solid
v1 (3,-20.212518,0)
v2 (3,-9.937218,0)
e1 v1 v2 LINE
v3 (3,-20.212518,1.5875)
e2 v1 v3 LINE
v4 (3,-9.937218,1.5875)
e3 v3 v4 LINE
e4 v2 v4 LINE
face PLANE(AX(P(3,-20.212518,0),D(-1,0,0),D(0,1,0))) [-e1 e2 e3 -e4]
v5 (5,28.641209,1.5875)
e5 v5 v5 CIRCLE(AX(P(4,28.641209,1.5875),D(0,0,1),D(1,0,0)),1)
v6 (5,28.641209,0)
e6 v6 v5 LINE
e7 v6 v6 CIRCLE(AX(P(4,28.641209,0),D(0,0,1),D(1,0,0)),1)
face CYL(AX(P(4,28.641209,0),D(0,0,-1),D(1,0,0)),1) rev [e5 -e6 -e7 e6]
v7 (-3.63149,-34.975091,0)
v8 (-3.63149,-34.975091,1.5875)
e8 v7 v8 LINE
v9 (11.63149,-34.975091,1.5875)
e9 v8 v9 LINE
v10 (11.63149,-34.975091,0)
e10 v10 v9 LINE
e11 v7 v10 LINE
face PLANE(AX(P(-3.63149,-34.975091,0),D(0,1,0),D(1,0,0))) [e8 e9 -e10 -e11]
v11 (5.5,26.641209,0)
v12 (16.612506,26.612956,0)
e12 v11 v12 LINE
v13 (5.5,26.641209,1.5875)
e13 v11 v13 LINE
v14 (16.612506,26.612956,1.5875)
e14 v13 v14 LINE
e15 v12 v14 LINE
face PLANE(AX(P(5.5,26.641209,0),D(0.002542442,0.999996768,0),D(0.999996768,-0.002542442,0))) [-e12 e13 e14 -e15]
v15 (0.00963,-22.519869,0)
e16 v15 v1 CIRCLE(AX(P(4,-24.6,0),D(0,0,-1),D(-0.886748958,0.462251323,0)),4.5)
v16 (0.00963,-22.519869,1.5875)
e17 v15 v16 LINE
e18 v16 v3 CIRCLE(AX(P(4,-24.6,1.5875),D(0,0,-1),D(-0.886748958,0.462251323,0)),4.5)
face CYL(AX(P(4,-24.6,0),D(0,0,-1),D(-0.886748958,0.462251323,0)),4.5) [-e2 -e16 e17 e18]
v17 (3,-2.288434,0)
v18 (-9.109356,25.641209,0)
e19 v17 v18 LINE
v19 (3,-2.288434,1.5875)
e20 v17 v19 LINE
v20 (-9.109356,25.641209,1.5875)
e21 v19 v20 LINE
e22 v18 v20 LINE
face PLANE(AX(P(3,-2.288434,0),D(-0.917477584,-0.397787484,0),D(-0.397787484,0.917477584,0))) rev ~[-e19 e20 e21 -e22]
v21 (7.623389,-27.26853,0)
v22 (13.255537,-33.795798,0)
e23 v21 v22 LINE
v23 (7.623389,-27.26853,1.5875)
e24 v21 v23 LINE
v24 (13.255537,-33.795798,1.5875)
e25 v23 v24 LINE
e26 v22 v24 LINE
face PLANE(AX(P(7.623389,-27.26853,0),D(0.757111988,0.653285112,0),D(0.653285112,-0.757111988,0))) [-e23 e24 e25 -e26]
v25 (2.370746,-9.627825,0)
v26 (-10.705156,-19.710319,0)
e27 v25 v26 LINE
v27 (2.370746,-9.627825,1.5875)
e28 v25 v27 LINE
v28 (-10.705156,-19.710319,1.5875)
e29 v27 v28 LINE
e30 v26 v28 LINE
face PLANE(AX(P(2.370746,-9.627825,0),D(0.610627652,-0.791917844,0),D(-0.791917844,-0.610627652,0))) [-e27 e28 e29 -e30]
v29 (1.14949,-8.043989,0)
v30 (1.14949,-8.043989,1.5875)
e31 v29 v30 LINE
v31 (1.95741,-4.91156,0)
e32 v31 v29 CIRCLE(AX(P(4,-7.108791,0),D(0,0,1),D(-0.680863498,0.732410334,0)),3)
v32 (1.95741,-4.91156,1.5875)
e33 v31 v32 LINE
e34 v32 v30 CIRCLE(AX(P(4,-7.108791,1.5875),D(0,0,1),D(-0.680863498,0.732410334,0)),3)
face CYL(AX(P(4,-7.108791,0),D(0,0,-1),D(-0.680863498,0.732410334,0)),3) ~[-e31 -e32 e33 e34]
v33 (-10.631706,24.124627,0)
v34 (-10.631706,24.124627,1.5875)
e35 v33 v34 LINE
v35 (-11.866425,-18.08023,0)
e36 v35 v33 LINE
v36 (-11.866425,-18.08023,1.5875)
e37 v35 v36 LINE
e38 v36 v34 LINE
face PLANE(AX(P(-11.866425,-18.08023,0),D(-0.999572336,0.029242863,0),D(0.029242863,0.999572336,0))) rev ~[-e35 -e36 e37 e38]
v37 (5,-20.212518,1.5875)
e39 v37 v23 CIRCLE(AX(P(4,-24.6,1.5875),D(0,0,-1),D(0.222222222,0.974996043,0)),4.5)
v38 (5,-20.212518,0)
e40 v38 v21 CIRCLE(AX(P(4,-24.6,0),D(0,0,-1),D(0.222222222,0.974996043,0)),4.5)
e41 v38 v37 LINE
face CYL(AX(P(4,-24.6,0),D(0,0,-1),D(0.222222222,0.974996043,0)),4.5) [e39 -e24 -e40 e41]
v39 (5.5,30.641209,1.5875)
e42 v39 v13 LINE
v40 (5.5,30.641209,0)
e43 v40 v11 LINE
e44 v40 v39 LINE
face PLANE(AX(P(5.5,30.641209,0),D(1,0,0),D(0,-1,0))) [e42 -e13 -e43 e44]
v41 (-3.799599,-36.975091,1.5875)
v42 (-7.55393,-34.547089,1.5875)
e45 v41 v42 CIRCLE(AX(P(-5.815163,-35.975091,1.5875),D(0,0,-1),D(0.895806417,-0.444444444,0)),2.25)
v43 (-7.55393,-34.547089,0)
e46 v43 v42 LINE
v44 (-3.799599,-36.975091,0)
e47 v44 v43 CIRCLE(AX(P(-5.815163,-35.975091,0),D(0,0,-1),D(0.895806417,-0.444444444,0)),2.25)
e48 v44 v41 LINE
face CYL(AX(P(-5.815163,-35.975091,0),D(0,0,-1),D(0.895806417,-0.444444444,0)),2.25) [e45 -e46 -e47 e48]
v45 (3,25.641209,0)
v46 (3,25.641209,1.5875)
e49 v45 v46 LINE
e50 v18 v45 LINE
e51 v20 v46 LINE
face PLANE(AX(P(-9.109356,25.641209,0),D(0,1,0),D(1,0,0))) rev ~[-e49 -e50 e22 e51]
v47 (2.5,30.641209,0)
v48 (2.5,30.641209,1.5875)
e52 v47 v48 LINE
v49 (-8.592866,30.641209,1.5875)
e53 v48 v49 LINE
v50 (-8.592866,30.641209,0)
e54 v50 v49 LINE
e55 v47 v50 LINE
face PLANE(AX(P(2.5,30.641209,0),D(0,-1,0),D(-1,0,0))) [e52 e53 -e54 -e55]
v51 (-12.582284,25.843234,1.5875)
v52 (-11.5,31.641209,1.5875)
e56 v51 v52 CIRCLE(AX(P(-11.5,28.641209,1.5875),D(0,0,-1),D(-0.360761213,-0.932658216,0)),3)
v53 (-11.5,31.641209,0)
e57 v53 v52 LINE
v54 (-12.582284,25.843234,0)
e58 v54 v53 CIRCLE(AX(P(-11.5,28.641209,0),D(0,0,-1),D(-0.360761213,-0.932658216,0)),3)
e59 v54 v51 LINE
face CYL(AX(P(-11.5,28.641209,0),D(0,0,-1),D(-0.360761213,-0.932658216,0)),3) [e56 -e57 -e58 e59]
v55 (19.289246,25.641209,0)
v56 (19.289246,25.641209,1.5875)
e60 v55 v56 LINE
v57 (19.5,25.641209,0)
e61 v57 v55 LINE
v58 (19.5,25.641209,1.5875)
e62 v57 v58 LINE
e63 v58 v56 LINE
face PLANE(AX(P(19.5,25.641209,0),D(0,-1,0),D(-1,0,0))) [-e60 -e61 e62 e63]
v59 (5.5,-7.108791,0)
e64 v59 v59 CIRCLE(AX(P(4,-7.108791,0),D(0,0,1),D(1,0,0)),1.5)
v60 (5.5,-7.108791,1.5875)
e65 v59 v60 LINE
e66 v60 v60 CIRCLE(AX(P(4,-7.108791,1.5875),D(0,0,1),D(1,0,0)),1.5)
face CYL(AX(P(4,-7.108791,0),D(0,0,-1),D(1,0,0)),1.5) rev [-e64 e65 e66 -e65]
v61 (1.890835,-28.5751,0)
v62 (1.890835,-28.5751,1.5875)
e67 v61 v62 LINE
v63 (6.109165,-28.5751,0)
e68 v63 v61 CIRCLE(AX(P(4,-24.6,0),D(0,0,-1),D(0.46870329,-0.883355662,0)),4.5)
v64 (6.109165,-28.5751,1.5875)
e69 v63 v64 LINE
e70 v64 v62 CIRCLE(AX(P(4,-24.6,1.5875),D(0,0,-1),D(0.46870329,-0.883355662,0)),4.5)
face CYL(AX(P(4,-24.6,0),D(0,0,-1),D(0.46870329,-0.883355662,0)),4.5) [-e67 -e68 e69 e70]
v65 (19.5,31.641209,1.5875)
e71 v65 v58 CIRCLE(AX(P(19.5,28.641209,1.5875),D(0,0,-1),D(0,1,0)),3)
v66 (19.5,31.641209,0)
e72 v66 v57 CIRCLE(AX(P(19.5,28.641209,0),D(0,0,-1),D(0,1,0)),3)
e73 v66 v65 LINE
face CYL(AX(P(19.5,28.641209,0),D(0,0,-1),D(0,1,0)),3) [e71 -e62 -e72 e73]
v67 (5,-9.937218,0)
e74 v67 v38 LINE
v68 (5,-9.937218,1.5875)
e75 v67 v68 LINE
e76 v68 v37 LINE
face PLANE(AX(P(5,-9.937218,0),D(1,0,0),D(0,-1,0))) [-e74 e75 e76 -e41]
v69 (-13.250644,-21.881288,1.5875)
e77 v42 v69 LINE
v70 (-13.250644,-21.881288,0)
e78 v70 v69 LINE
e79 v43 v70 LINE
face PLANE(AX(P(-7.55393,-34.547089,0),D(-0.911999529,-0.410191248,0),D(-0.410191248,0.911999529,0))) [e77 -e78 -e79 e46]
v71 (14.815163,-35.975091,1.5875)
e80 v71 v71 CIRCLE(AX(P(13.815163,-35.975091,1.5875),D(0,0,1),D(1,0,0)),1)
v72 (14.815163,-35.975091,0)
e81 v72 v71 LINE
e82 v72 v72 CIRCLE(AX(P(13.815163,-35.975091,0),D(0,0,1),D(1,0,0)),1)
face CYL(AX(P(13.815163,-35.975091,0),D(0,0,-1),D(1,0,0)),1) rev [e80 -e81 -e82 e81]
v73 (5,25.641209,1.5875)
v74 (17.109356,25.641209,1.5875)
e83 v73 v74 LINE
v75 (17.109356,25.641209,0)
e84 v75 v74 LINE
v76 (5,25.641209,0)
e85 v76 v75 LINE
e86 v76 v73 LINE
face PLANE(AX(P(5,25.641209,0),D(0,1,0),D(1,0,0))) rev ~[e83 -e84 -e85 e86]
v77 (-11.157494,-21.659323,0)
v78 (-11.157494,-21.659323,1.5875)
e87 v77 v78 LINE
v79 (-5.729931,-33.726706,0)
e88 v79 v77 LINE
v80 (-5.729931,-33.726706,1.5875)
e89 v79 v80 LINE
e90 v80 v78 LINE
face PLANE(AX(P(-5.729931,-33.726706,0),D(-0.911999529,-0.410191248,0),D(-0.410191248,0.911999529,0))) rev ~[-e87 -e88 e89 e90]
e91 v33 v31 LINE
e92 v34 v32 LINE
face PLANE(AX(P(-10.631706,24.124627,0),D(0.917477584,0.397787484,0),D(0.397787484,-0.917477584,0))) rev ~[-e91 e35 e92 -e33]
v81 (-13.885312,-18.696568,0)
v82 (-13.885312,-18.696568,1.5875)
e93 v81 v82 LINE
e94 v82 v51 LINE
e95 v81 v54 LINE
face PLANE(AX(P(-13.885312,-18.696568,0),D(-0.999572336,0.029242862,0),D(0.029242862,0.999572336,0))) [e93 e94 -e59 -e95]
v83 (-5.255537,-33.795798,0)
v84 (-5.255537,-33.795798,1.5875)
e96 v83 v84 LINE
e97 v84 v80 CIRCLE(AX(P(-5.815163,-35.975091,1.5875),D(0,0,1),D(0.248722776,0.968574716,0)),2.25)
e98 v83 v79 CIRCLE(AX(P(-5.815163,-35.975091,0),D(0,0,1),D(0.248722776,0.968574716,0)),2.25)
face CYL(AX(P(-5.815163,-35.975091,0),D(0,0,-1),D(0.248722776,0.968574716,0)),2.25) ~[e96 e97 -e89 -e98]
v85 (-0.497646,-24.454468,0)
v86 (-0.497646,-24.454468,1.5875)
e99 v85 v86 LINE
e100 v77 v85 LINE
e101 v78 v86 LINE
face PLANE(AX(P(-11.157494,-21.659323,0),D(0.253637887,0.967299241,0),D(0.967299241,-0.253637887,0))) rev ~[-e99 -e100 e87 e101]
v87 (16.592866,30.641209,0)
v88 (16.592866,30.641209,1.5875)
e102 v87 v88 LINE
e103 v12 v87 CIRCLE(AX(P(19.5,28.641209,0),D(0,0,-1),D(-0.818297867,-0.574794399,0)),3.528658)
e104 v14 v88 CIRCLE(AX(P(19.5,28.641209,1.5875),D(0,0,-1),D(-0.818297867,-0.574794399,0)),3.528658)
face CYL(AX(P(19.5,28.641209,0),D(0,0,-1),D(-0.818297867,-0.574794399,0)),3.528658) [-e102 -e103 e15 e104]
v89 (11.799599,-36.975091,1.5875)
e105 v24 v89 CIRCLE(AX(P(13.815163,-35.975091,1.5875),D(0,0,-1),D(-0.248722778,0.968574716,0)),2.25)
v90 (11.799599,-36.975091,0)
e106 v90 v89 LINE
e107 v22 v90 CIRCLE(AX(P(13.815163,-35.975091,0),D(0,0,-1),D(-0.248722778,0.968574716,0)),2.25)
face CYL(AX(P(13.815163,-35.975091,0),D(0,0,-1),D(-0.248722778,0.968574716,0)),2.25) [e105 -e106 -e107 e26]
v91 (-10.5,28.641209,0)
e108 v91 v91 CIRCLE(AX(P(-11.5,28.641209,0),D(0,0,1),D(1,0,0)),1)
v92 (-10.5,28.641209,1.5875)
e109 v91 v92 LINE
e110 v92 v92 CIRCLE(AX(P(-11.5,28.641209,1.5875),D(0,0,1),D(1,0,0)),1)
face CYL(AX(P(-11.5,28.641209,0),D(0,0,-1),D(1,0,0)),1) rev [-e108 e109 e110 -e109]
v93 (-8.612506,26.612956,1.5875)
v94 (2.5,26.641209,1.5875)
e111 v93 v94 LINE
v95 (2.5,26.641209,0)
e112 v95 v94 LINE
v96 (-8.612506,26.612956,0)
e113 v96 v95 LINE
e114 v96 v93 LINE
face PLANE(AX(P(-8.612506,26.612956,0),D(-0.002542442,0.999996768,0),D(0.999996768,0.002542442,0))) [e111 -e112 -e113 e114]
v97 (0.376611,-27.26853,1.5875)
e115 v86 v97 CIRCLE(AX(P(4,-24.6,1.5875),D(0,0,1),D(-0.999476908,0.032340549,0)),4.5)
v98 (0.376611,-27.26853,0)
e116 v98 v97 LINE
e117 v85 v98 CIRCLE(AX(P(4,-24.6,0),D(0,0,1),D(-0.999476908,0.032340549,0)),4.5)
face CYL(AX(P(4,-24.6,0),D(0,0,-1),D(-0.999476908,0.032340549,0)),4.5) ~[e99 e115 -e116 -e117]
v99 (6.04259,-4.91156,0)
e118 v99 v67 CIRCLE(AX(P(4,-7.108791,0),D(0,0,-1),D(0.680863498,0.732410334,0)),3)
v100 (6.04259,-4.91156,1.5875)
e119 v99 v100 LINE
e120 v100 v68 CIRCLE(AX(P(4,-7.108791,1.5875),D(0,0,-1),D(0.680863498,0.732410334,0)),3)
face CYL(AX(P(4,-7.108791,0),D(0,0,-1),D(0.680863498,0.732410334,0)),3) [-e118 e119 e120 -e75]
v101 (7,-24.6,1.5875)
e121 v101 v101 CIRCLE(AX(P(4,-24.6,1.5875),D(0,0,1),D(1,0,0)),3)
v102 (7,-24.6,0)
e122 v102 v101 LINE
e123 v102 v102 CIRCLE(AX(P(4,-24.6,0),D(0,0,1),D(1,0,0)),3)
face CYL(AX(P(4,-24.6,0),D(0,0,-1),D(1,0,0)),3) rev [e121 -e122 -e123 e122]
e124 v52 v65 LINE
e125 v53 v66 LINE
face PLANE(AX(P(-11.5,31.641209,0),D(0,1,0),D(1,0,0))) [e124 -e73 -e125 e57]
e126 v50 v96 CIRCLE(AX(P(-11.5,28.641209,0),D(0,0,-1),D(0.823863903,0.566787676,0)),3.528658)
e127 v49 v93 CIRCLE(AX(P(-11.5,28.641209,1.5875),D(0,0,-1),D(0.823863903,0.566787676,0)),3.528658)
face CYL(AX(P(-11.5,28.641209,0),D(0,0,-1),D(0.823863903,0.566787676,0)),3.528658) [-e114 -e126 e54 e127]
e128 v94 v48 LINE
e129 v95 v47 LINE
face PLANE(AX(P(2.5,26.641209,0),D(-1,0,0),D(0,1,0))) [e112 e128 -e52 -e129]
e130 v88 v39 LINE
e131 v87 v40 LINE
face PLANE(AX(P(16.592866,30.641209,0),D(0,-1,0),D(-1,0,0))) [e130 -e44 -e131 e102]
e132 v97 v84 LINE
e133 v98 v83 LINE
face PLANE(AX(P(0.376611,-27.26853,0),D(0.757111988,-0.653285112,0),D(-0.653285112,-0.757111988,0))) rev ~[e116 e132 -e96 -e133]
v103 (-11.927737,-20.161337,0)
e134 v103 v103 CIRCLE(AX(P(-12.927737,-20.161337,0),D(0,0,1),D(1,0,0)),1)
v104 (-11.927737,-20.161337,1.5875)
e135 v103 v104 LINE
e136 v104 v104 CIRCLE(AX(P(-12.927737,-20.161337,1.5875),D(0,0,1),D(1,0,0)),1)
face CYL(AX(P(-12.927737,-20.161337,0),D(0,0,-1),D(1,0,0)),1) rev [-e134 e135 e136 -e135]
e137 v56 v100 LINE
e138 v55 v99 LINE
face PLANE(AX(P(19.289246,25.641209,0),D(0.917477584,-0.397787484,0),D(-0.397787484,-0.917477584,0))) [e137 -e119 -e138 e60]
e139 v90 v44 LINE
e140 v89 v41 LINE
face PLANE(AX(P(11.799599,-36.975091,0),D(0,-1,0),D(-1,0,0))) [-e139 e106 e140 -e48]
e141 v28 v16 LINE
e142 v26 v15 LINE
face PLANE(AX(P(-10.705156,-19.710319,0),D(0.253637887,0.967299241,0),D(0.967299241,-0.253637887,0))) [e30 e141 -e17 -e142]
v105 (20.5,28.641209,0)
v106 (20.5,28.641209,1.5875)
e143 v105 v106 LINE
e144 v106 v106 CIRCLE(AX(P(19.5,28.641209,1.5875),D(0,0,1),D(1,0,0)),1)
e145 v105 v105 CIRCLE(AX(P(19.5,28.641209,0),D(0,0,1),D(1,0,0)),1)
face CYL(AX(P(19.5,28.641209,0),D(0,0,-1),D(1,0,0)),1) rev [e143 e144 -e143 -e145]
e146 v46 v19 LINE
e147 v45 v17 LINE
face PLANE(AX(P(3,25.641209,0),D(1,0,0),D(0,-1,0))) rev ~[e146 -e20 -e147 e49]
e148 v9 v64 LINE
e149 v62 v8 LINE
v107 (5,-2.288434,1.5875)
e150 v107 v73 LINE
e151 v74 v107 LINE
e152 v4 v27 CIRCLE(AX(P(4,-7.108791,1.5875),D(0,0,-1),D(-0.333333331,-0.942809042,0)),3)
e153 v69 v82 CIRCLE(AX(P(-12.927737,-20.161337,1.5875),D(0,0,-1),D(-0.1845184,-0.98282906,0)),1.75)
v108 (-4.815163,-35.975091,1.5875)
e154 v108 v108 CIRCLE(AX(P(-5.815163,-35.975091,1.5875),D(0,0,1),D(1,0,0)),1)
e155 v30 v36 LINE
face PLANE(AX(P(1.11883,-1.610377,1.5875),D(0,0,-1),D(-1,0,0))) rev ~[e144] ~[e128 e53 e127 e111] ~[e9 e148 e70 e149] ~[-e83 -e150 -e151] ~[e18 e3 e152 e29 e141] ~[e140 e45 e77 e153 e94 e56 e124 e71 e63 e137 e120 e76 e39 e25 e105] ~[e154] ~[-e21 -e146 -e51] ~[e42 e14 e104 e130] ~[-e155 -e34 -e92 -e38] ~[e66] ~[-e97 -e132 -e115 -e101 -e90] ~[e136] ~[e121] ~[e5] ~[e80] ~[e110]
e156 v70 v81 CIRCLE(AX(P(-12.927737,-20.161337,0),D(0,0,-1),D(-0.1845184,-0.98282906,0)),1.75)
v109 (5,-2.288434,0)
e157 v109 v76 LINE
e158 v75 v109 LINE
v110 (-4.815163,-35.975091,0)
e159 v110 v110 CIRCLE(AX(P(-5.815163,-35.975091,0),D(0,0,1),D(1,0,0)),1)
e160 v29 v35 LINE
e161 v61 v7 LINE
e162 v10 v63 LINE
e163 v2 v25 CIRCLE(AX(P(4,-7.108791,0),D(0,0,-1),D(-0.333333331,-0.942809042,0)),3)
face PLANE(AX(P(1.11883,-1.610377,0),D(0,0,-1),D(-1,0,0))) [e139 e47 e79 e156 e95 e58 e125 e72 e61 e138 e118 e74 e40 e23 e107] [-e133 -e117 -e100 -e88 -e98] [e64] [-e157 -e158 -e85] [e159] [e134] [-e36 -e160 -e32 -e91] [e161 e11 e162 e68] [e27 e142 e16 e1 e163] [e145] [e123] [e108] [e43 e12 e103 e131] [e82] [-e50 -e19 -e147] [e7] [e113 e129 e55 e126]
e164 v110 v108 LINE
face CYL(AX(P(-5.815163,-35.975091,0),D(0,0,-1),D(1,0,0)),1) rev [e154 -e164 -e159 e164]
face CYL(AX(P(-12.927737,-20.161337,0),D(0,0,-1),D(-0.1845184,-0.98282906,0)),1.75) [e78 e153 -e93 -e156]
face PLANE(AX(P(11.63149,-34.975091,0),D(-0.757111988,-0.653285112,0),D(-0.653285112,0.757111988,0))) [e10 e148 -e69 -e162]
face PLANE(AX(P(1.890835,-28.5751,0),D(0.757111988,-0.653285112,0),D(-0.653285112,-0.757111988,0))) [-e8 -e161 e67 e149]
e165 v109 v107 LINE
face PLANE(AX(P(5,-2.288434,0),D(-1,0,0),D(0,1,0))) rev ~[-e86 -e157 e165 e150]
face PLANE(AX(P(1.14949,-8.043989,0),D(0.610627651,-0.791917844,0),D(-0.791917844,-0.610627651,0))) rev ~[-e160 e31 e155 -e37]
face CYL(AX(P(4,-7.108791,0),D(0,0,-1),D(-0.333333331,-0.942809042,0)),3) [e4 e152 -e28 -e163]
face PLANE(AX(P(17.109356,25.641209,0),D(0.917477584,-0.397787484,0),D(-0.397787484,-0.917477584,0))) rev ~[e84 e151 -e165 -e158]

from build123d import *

# Parameters (mm, degrees)
SKETCH3_R           = 3
SKETCH3_R_2         = 1
SKETCH3_R_3         = 1.500000001
BOSS_EXTRUDE1_DEPTH = 1.5875


with BuildPart() as part:
    # Sketch3 → Boss-Extrude1 (new body)
    with BuildSketch(Plane.XY):
        with BuildLine():
            Line((-11.499999999, 31.641209076), (19.500000007, 31.641209076))
            ThreePointArc((19.500000007, 31.641209076), (22.500000018, 28.641209065), (19.500000007, 25.641209053))
            Line((19.500000007, 25.641209053), (19.289245586, 25.641209053))
            Line((19.289245586, 25.641209053), (6.042590494, -4.911559932))
            ThreePointArc((6.042590494, -4.911559932), (6.937456234, -7.718176584), (5, -9.937218057))
            Line((5, -9.937218057), (5, -20.212517806))
            ThreePointArc((5, -20.212517806), (8.217909302, -23.031803227), (7.623388784, -27.268530255))
            Line((7.623388784, -27.268530255), (13.255537043, -33.795798194))
            ThreePointArc((13.255537043, -33.795798194), (15.860860714, -36.911906153), (11.799598856, -36.975091304))
            Line((11.799598856, -36.975091304), (-3.799598854, -36.975091304))
            ThreePointArc((-3.799598854, -36.975091304), (-7.037028015, -37.86441568), (-7.553929711, -34.547088736))
            Line((-7.553929711, -34.547088736), (-13.250643923, -21.881287835))
            ThreePointArc((-13.250643923, -21.881287835), (-14.64398835, -20.503360892), (-13.885312196, -18.696567642))
            Line((-13.885312196, -18.696567642), (-12.58228364, 25.843234412))
            ThreePointArc((-12.58228364, 25.843234412), (-14.449061209, 29.191697969), (-11.499999999, 31.641209076))
        make_face()
        with Locations((4, -24.6)):
            Circle(SKETCH3_R, mode=Mode.SUBTRACT)
        with Locations((-12.927736724, -20.161336981)):
            Circle(SKETCH3_R_2, mode=Mode.SUBTRACT)
        with Locations((4, -7.108790933)):
            Circle(SKETCH3_R_3, mode=Mode.SUBTRACT)
        with Locations((-5.815163291, -35.975091304)):
            Circle(SKETCH3_R_2, mode=Mode.SUBTRACT)
        with Locations((13.815163293, -35.975091304)):
            Circle(SKETCH3_R_2, mode=Mode.SUBTRACT)
        with Locations((-11.499999999, 28.641209067)):
            Circle(SKETCH3_R_2, mode=Mode.SUBTRACT)
        with Locations((4, 28.641209067)):
            Circle(SKETCH3_R_2, mode=Mode.SUBTRACT)
        with Locations((19.500000007, 28.641209065)):
            Circle(SKETCH3_R_2, mode=Mode.SUBTRACT)
        Polygon((-9.109355809, 25.641209053), (3, 25.641209053), (3, -2.288434183), align=None, mode=Mode.SUBTRACT)
        with BuildLine():
            Line((5.500000007, 30.641209065), (5.500000007, 26.641209065))
            Line((5.500000007, 26.641209065), (16.612506499, 26.612956076))
            ThreePointArc((16.612506499, 26.612956076), (15.971383713, 28.624004515), (16.59286586, 30.641209065))
            Line((16.59286586, 30.641209065), (5.500000007, 30.641209065))
        make_face(mode=Mode.SUBTRACT)
        with BuildLine():
            Line((2.500000001, 30.641209067), (-8.592865852, 30.641209067))
            ThreePointArc((-8.592865852, 30.641209067), (-7.971383705, 28.624004518), (-8.612506491, 26.612956078))
            Line((-8.612506491, 26.612956078), (2.500000001, 26.641209067))
            Line((2.500000001, 26.641209067), (2.500000001, 30.641209067))
        make_face(mode=Mode.SUBTRACT)
        with BuildLine():
            Line((3, -20.212517806), (3, -9.937218057))
            ThreePointArc((3, -9.937218057), (2.676302312, -9.800969313), (2.370745742, -9.627824589))
            Line((2.370745742, -9.627824589), (-10.705156103, -19.710319003))
            Line((-10.705156103, -19.710319003), (0.009629689, -22.519869047))
            ThreePointArc((0.009629689, -22.519869047), (1.251015388, -21.03726459), (3, -20.212517806))
        make_face(mode=Mode.SUBTRACT)
        Polygon((5, 25.641209053), (17.109355816, 25.641209053), (5, -2.288434184), align=None, mode=Mode.SUBTRACT)
        with BuildLine():
            Line((1.149490439, -8.043988902), (-11.866425305, -18.080229562))
            Line((-11.866425305, -18.080229562), (-10.631706445, 24.124626881))
            Line((-10.631706445, 24.124626881), (1.957409506, -4.911559931))
            ThreePointArc((1.957409506, -4.911559931), (1.095067152, -6.359547882), (1.149490439, -8.043988902))
        make_face(mode=Mode.SUBTRACT)
        with BuildLine():
            Line((-3.631490152, -34.975091304), (11.631490154, -34.975091304))
            Line((11.631490154, -34.975091304), (6.109164807, -28.575100479))
            ThreePointArc((6.109164807, -28.575100479), (4, -29.1), (1.890835193, -28.575100479))
            Line((1.890835193, -28.575100479), (-3.631490152, -34.975091304))
        make_face(mode=Mode.SUBTRACT)
        with BuildLine():
            Line((-11.157493782, -21.659322937), (-0.497646084, -24.454467529))
            ThreePointArc((-0.497646084, -24.454467529), (-0.297387472, -25.935088354), (0.376611216, -27.268530255))
            Line((0.376611216, -27.268530255), (-5.255537041, -33.795798194))
            ThreePointArc((-5.255537041, -33.795798194), (-5.490888453, -33.748581518), (-5.729930654, -33.72670624))
            Line((-5.729930654, -33.72670624), (-11.157493782, -21.659322937))
        make_face(mode=Mode.SUBTRACT)
    extrude(amount=BOSS_EXTRUDE1_DEPTH)


solid = part.part
